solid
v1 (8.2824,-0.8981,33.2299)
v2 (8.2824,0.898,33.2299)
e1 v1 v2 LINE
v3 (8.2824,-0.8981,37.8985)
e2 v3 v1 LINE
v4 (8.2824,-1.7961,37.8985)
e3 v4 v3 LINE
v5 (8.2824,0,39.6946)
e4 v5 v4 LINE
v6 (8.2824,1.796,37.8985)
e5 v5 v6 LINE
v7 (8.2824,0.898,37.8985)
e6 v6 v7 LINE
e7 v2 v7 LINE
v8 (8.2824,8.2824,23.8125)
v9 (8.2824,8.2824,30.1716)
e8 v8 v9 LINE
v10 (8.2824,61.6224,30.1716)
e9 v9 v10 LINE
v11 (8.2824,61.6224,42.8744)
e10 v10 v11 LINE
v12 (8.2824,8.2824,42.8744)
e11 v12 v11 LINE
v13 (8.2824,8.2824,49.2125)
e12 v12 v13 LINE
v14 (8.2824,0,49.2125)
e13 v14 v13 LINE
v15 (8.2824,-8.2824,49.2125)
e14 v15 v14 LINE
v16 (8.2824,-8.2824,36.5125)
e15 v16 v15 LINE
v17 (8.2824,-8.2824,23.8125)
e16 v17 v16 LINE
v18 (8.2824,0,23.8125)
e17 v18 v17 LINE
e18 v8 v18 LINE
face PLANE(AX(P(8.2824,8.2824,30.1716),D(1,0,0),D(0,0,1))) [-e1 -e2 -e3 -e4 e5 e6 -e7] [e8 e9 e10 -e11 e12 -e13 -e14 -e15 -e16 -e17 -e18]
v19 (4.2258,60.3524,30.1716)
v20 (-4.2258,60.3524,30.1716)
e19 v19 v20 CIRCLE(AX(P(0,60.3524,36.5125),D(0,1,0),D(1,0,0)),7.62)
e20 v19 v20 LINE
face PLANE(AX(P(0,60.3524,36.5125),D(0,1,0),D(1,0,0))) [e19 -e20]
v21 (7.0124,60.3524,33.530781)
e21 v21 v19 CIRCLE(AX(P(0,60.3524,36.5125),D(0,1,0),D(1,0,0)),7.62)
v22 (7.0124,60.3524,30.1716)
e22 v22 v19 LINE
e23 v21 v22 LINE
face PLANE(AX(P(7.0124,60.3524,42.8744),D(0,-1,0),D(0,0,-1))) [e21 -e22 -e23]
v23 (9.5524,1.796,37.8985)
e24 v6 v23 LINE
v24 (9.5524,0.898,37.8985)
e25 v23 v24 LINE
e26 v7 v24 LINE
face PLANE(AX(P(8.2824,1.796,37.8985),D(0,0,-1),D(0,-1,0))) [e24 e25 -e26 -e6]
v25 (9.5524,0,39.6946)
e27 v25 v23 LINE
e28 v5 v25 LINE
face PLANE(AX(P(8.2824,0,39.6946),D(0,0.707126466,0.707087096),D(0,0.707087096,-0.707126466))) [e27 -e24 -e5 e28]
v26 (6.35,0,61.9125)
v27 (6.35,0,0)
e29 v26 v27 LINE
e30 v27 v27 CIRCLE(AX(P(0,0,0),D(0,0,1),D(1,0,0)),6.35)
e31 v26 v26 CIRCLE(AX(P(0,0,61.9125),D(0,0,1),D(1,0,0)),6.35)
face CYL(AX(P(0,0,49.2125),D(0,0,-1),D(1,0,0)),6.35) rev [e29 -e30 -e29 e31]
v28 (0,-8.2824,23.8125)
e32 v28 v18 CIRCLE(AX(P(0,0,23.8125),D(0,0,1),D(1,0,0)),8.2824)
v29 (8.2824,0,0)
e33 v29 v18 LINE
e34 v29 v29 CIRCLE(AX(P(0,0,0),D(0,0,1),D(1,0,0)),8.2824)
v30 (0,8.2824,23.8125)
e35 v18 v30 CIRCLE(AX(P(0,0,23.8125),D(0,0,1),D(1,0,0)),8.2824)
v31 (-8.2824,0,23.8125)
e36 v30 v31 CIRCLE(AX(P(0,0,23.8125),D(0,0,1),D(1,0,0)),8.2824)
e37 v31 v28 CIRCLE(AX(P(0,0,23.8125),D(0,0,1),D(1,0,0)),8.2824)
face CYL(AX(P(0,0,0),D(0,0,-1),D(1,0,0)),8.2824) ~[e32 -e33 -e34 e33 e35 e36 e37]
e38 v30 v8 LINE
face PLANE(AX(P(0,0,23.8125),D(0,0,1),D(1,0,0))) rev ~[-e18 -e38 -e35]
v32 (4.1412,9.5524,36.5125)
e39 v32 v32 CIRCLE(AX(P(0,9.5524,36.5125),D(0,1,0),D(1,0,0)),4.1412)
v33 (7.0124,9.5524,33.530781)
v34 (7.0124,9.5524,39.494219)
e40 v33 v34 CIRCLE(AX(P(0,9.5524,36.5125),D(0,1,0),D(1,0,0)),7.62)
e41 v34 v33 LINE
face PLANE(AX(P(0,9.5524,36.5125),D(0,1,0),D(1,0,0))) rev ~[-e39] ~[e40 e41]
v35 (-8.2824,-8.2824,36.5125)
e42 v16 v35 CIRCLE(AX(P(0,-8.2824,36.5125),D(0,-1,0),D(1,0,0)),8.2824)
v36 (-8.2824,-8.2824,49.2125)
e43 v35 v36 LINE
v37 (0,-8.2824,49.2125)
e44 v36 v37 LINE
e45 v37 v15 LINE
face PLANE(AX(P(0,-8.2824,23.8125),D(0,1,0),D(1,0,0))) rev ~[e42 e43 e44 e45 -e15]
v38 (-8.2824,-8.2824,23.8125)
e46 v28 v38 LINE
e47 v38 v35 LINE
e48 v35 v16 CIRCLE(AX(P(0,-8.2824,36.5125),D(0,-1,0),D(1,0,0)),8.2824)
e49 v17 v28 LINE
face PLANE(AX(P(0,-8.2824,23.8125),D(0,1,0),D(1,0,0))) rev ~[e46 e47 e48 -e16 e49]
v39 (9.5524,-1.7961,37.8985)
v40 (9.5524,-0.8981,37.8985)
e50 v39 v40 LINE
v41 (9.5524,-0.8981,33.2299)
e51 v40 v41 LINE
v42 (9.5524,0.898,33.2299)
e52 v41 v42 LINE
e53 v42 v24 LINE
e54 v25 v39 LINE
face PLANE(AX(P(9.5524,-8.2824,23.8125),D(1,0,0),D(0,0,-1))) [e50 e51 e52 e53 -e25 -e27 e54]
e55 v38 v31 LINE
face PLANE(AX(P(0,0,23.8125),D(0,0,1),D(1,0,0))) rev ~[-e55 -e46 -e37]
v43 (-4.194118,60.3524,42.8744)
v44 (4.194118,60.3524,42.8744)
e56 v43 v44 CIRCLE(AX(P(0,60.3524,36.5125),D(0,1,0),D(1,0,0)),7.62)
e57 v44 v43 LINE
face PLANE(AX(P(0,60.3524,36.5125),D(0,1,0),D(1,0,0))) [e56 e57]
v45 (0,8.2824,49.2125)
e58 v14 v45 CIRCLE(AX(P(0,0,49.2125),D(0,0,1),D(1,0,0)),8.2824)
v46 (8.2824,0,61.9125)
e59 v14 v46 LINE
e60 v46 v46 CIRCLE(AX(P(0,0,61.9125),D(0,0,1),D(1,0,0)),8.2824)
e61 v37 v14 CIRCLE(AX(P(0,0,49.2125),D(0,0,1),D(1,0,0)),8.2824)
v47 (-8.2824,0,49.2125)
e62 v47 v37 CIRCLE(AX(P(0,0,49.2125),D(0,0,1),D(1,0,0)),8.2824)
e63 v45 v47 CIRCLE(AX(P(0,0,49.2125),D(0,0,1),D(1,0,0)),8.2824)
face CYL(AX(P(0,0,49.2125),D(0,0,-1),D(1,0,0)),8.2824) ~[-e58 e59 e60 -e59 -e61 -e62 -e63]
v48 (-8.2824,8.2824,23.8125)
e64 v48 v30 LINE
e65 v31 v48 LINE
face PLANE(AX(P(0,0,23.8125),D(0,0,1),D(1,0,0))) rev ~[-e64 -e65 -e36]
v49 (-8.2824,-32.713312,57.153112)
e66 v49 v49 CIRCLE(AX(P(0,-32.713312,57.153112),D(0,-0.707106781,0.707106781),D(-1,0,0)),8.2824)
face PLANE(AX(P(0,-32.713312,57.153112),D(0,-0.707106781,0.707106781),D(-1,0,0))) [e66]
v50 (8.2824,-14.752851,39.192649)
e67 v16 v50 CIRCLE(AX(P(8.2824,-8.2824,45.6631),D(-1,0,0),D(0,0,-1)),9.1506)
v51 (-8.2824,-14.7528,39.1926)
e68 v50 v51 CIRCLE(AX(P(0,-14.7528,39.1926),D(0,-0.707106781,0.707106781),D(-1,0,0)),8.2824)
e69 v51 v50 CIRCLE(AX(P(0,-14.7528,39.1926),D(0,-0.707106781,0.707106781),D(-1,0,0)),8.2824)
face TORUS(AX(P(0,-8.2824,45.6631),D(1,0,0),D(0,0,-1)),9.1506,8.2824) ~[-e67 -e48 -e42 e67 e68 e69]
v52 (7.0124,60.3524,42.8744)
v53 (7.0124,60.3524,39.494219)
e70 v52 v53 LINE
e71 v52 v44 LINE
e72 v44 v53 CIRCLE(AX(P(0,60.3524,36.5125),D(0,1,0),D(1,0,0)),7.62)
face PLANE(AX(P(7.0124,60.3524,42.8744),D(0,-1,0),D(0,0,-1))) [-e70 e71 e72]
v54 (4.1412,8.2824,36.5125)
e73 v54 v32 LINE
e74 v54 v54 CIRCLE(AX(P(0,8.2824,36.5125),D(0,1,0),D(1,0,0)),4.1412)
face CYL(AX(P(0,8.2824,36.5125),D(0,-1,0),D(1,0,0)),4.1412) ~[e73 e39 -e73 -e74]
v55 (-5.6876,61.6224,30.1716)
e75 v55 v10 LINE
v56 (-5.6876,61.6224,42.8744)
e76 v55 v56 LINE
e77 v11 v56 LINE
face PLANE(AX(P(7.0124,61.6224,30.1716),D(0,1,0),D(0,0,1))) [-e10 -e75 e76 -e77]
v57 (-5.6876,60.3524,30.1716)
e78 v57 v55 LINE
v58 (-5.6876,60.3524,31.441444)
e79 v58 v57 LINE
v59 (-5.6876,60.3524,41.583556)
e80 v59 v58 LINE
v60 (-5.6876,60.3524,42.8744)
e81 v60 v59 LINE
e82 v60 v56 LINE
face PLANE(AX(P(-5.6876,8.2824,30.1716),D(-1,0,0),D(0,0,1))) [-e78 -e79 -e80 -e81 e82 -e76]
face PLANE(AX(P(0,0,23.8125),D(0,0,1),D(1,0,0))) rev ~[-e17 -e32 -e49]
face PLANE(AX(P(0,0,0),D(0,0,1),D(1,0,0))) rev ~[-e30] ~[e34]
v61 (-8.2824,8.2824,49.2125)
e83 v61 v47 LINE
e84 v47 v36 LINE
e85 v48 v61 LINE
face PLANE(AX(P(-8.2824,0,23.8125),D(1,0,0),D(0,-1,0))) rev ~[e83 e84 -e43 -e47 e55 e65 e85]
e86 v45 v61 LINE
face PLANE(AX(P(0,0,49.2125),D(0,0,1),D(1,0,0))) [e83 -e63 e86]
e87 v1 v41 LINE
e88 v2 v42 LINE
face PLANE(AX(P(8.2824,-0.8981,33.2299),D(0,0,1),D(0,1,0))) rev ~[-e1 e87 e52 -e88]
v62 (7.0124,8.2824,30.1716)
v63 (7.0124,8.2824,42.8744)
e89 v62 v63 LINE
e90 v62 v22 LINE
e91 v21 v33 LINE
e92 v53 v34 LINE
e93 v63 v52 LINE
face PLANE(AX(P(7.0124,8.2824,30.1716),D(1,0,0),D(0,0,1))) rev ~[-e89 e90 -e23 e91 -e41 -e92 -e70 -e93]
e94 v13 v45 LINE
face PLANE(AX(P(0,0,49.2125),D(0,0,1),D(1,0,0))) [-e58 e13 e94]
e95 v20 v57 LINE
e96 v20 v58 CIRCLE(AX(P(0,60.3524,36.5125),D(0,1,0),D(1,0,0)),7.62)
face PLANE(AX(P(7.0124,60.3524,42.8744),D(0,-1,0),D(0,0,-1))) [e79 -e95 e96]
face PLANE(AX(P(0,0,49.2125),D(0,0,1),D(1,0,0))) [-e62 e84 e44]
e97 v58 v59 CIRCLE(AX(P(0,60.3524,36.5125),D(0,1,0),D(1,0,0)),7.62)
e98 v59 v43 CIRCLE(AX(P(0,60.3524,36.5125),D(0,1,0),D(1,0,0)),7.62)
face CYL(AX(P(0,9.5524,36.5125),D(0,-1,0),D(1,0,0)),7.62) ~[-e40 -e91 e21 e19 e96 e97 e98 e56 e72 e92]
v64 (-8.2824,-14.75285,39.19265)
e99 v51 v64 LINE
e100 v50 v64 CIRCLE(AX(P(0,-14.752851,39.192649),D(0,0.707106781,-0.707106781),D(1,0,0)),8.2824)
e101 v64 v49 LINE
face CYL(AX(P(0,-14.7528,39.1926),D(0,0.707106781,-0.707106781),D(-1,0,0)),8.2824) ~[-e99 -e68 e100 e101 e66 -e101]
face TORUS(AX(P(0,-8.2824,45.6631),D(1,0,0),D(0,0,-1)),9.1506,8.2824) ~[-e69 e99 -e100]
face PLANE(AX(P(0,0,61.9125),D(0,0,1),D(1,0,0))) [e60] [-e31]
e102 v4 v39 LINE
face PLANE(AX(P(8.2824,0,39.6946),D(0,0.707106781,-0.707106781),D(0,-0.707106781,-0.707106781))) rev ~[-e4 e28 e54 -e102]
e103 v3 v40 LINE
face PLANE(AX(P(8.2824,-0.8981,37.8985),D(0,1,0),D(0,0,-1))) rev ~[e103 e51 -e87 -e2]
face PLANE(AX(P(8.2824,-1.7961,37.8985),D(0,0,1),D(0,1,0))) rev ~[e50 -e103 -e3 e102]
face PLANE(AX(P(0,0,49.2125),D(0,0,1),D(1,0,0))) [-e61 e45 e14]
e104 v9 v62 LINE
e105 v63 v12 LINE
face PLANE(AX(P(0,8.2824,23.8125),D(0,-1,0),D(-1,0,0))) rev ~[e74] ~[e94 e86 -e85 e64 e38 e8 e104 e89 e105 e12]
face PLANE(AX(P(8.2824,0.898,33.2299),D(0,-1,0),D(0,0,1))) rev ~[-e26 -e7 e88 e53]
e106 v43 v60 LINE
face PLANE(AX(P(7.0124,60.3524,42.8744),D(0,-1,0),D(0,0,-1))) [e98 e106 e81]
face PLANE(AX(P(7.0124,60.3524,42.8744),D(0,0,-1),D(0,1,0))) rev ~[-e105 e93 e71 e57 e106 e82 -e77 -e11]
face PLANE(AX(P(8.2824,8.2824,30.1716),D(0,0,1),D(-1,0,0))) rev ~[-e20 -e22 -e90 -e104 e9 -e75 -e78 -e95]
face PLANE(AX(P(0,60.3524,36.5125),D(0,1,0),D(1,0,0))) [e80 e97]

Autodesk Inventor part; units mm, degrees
ref_plane "YZ Plane" through (0, 0, 0) normal (1, 0, 0) x (0, 1, 0)
ref_plane "XZ Plane" through (0, 0, 0) normal (0, 1, 0) x (-1, 0, 0)
ref_plane "XY Plane" through (0, 0, 0) normal (0, 0, 1) x (1, 0, 0)
sketch "Sketch1" plane through (0, 0, 0) normal (0, 0, 1) x (1, 0, 0)
  circle A0 centre (0, 0) radius 6.35
  circle A1 centre (0, 0) radius 8.2824
  dimension "d0" = 12.7
extrude "Extrusion1" add sketch "Sketch1" along normal blind 23.8125
sketch "Sketch2" plane through (0, 0, 23.8125) normal (0, 0, 1) x (1, 0, 0)
  circle A0 centre (0, 0) radius 6.35 projected
  circle A1 centre (0, 0) radius 8.2824 projected
  line L0 (8.2824, 8.2824) -> (-8.2824, 8.2824)
  line L1 (-8.2824, -8.2824) -> (8.2824, -8.2824)
  line L2 (8.2824, -8.2824) -> (8.2824, 8.2824)
  line L3 (-8.2824, 8.2824) -> (-8.2824, -8.2824)
  circle A2 centre (0, 0) radius 6.35
extrude "Extrusion2" add sketch "Sketch2" along normal blind 25.4
sketch "Sketch3" plane through (0, 0, 49.2125) normal (0, 0, 1) x (1, 0, 0)
  circle A0 centre (0, 0) radius 6.35 projected
  circle A1 centre (0, 0) radius 6.35
  circle A2 centre (0, 0) radius 8.2824
extrude "Extrusion3" add sketch "Sketch3" along normal blind 12.7
sketch "Sketch4" plane through (8.2824, -8.2824, 23.8125) normal (1, 0, 0) x (0, 0, -1)
  line L0 (-15.8821, 8.2824) -> (-14.086, 10.0784)
  line L1 (-15.8821, 8.2824) -> (-13.3421, 8.2824) construction
  line L2 (-14.086, 10.0784) -> (-14.086, 9.1804)
  line L3 (-15.8821, 8.2824) -> (-14.086, 6.4863)
  line L4 (-14.086, 6.4863) -> (-14.086, 7.3843)
  line L5 (-14.086, 7.3843) -> (-9.4174, 7.3843)
  line L6 (-9.4174, 7.3843) -> (-9.4174, 9.1804)
  line L7 (-9.4174, 9.1804) -> (-14.086, 9.1804)
  point P0 (23.8125, 8.2824)
  dimension "d7" = 2.54
  dimension "d8" = 45
extrude "Extrusion4" add sketch "Sketch4" along normal blind 1.27
sketch "Sketch5" plane through (0, 8.2824, 23.8125) normal (0, 1, 0) x (1, 0, 0)
  circle A0 centre (0, -12.7) radius 4.1412
  point P0 (0, 23.8125)
extrude "Extrusion5" add sketch "Sketch5" along normal blind 1.27
sketch "Sketch6" plane through (0, 9.5524, 36.5125) normal (0, 1, 0) x (1, 0, 0)
  circle A0 centre (0, 0) radius 4.1412 projected
  circle A1 centre (0, 0) radius 7.62
  point P0 (0, 36.5125)
  dimension "d13" = 15.24
extrude "Extrusion6" add sketch "Sketch6" along normal blind 50.8 contours A0 | A1
sketch "Sketch7" plane through (0, 8.2824, 23.8125) normal (0, 1, 0) x (1, 0, 0)
  line L0 (8.2824, 0) -> (8.2824, -25.4) projected
  line L1 (8.2824, -19.0619) -> (8.2824, -6.3591)
  line L2 (8.2824, -6.3591) -> (7.0124, -6.3591)
  line L3 (7.0124, -6.3591) -> (7.0124, -19.0619)
  line L4 (7.0124, -19.0619) -> (8.2824, -19.0619)
  point P0 (0, 23.8125)
  dimension "d16" = 1.27
extrude "Extrusion7" add sketch "Sketch7" along normal blind 53.34
sketch "Sketch8" plane through (7.0124, 8.2824, 30.1716) normal (-1, 0, 0) x (0, 0, 1)
  line L0 (12.7028, 0) -> (12.7028, 53.34) projected
  line L1 (0, 53.34) -> (12.7028, 53.34)
  line L2 (12.7028, 53.34) -> (12.7028, 52.07)
  line L3 (12.7028, 52.07) -> (0, 52.07)
  line L4 (0, 52.07) -> (0, 53.34)
  point P0 (-30.1716, -8.2824)
  dimension "d19" = 1.27
extrude "Extrusion8" add sketch "Sketch8" along normal blind 12.7
sketch "Sketch9" plane through (-8.2824, -8.2824, 23.8125) normal (0, -1, 0) x (1, 0, 0)
  line L0 (0, 0) -> (0, 25.4) projected
  line L1 (16.5647, 0) -> (16.5647, 25.4) projected
  circle A0 centre (8.2824, 12.7) radius 8.2824
  line L2 (0, 21.8506) -> (16.5647, 21.8506)
  point P0 (8.2824, -23.8125)
revolve "Revolution1" add sketch "Sketch9" angle 45 about axis through (-8.2824, -8.2824, 45.6631) along (-1, 0, 0) contours A0
sketch "Sketch10" plane through (0, -14.7528, 39.1926) normal (0, -0.7071, 0.7071) x (-1, 0, 0)
  circle A0 centre (0, 0) radius 8.2824 projected
  circle A1 centre (0, 0) radius 8.2824
  point P0 (0, 17.2816)
extrude "Extrusion9" add sketch "Sketch10" along normal blind 25.4
thread "Thread1" size "1/2-13 UNC" class "2B" standard "ANSI Unified Screw Threads" full length
properties part number "solenoid valve"
